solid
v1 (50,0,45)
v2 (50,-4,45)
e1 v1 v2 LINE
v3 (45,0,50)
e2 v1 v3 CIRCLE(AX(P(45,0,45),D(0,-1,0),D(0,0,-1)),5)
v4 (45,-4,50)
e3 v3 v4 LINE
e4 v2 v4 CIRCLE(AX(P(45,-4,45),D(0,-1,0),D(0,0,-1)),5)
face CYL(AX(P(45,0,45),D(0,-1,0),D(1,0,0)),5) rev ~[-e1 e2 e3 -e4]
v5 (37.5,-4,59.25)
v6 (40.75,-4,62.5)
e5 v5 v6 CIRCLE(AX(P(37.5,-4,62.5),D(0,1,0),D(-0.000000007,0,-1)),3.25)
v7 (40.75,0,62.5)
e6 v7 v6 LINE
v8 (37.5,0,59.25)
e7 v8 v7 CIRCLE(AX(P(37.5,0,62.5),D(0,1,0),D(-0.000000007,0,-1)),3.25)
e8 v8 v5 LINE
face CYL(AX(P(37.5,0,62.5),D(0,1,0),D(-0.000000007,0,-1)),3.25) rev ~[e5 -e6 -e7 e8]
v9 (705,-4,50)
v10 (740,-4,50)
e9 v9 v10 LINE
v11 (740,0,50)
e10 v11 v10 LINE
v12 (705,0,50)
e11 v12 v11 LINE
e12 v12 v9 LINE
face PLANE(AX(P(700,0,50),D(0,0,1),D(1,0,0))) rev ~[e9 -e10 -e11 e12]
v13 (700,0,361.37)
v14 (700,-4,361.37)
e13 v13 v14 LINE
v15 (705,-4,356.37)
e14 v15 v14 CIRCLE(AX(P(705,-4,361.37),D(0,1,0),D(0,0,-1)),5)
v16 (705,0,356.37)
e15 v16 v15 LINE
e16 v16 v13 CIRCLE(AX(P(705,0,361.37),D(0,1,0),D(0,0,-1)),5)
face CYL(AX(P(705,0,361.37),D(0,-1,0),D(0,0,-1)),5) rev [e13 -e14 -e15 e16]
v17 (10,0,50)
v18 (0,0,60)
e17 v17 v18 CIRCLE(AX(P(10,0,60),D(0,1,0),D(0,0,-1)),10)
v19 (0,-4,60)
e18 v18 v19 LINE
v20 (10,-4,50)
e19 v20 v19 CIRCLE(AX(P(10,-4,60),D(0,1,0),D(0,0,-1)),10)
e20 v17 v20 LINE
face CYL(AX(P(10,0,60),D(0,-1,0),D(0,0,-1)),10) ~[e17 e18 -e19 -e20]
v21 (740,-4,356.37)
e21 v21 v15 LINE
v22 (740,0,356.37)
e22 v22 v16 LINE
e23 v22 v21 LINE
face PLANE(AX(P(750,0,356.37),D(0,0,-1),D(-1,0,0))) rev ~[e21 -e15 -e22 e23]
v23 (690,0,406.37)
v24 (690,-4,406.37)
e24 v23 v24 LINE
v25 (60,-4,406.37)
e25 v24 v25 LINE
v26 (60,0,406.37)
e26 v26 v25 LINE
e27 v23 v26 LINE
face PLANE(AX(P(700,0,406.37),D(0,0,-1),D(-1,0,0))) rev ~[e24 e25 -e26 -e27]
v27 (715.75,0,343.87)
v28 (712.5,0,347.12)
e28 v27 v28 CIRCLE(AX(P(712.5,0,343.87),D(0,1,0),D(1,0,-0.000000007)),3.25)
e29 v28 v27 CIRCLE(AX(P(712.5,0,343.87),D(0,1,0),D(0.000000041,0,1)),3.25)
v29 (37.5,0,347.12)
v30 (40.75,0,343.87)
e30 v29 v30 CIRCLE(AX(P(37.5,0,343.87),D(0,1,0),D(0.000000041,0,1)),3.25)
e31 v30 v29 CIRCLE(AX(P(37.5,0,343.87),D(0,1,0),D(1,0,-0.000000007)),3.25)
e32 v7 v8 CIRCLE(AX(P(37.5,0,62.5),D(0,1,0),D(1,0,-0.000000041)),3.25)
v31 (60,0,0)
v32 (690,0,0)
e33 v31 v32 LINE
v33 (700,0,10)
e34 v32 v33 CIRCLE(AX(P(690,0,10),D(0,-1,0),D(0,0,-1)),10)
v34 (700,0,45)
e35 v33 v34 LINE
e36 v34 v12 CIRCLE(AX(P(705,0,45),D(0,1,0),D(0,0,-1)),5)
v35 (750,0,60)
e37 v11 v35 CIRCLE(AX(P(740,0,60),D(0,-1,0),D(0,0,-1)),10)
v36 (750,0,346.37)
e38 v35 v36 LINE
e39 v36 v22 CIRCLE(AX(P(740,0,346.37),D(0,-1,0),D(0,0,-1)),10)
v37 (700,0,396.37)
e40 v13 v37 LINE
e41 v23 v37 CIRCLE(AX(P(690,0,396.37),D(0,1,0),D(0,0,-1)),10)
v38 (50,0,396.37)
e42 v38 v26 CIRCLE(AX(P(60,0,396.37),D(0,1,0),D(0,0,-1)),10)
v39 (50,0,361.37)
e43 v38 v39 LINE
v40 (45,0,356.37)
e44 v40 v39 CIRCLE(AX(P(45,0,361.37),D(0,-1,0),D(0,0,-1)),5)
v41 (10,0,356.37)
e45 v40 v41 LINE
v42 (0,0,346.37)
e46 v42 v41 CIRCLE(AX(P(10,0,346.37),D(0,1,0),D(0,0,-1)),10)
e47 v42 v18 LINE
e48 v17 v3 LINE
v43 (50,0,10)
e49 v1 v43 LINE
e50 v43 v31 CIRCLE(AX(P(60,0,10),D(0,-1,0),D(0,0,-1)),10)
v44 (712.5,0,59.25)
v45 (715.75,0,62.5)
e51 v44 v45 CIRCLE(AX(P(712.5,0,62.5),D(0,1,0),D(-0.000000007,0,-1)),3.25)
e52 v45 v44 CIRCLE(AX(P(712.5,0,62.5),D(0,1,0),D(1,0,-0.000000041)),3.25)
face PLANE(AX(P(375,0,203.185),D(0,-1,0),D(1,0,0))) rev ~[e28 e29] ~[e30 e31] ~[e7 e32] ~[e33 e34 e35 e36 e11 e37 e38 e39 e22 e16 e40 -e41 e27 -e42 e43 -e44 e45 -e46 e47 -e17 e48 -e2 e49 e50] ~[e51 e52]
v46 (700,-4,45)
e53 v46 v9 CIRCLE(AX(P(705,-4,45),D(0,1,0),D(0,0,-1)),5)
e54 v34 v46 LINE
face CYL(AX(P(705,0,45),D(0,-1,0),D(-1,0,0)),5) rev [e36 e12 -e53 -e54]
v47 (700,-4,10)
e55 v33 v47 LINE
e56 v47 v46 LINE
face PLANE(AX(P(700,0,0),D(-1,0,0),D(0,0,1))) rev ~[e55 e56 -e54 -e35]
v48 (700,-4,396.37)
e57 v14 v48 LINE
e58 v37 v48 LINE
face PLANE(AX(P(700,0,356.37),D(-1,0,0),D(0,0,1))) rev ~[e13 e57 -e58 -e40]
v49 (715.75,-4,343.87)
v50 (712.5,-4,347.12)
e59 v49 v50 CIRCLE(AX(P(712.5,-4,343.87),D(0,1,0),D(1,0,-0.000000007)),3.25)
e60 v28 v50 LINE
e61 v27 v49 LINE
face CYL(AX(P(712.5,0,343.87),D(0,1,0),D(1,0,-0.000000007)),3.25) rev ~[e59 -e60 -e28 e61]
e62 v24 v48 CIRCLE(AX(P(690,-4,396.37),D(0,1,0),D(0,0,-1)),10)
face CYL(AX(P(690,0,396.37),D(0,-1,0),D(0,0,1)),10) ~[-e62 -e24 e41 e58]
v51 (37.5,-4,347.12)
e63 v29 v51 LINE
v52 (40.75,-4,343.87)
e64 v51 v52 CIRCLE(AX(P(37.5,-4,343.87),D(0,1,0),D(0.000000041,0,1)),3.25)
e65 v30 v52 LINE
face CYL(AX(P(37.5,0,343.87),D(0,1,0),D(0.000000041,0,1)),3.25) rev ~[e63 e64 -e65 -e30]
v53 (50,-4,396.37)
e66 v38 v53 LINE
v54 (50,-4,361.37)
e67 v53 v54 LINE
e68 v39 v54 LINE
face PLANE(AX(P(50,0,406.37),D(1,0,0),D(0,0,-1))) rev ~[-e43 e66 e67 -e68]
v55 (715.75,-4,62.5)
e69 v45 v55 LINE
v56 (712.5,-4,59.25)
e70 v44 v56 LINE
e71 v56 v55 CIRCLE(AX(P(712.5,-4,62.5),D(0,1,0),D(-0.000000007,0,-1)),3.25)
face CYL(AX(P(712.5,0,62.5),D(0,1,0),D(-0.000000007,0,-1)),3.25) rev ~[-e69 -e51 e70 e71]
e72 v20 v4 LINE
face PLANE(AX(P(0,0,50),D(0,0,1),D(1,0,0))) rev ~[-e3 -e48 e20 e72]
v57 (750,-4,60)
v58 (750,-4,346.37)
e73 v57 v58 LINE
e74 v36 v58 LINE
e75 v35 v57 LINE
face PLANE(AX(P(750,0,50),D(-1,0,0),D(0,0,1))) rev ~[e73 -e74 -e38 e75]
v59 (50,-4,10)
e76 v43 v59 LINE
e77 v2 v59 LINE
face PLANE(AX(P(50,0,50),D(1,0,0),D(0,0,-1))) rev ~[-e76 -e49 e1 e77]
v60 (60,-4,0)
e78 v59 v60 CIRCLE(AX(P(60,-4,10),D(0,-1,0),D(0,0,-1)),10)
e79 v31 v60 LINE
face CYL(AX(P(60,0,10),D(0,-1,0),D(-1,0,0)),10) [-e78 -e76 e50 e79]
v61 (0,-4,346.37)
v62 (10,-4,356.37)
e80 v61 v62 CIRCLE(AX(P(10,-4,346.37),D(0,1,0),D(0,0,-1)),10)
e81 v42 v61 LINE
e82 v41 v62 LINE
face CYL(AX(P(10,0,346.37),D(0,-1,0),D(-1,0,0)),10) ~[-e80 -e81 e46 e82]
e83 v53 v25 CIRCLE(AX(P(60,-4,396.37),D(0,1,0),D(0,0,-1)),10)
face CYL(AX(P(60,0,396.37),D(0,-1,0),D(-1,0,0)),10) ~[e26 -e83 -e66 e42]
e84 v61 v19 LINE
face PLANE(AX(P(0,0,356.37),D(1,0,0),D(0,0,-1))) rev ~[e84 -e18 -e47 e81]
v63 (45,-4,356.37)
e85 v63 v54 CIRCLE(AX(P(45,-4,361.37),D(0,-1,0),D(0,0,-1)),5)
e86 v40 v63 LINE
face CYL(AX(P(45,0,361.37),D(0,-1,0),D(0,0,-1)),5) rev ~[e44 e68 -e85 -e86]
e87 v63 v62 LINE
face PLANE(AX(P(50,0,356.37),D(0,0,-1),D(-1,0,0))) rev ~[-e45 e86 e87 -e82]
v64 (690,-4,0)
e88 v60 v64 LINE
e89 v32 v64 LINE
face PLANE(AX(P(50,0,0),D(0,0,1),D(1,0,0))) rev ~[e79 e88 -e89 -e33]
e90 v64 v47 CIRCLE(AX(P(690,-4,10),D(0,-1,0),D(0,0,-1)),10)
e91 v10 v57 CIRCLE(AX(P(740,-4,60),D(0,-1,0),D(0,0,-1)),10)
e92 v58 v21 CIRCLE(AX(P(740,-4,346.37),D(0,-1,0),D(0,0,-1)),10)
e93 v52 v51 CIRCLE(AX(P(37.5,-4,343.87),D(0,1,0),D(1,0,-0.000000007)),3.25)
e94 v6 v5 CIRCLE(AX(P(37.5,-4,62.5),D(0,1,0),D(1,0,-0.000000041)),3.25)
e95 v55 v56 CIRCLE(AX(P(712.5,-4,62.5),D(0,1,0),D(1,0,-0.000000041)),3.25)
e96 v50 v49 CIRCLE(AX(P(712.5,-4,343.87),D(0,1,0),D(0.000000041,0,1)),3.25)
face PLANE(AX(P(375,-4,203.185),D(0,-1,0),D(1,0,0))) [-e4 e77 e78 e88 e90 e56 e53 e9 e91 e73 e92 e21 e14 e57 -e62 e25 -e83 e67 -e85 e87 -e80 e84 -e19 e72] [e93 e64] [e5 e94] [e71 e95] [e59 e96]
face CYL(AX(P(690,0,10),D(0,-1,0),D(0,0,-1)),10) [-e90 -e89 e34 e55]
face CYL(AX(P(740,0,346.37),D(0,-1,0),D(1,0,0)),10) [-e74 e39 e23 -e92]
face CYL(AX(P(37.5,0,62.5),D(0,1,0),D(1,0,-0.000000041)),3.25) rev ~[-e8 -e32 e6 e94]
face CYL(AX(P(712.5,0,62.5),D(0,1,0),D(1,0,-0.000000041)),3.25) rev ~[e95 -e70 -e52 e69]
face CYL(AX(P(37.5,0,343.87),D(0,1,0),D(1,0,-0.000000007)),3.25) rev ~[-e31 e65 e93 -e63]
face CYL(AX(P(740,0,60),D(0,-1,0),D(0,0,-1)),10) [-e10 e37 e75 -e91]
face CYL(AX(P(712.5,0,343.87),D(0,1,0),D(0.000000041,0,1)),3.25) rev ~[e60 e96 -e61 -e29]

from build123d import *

# Parameters (mm, degrees)
F1_DEPTH = 4
F2_R     = 10
F3_R     = 5


with BuildPart() as f1:
    # F0 (on Front) → F1 (new body)
    with BuildSketch(Plane.XZ):
        Polygon((50, 50), (50, 0), (700, 0), (700, 50), (712.5, 50), (750, 50), (750, 356.37), (712.5, 356.37), (700, 356.37), (700, 406.37), (50, 406.37), (50, 356.37), (37.5, 356.37), (0, 356.37), (0, 50), (37.5, 50), align=None)
        with BuildLine():
            ThreePointArc((40.75, 62.5), (39.798097, 60.201903), (37.5, 59.25))
            ThreePointArc((37.5, 59.25), (35.201903, 64.798097), (40.75, 62.5))
        make_face(mode=Mode.SUBTRACT)
        with BuildLine():
            ThreePointArc((715.75, 62.5), (714.798097, 60.201903), (712.5, 59.25))
            ThreePointArc((712.5, 59.25), (710.201903, 64.798097), (715.75, 62.5))
        make_face(mode=Mode.SUBTRACT)
        with BuildLine():
            ThreePointArc((40.75, 343.87), (35.201903, 341.571903), (37.5, 347.12))
            ThreePointArc((37.5, 347.12), (39.798097, 346.168097), (40.75, 343.87))
        make_face(mode=Mode.SUBTRACT)
        with BuildLine():
            ThreePointArc((715.75, 343.87), (710.201903, 341.571903), (712.5, 347.12))
            ThreePointArc((712.5, 347.12), (714.798097, 346.168097), (715.75, 343.87))
        make_face(mode=Mode.SUBTRACT)
    extrude(amount=F1_DEPTH)

    # F2
    f2_edges = [f1.edges().sort_by_distance(p)[0] for p in [
        (0, -2, 356.37),
        (50, -2, 406.37),
        (0, -2, 50),
        (50, -2, 0),
        (700, -2, 0),
        (750, -2, 50),
        (750, -2, 356.37),
        (700, -2, 406.37),
    ]]
    fillet(f2_edges, radius=F2_R)

    # F3
    f3_edges = [f1.edges().sort_by_distance(p)[0] for p in [
        (700, -2, 356.37),
        (700, -2, 50),
        (50, -2, 50),
        (50, -2, 356.37),
    ]]
    fillet(f3_edges, radius=F3_R)


solid = f1.part
